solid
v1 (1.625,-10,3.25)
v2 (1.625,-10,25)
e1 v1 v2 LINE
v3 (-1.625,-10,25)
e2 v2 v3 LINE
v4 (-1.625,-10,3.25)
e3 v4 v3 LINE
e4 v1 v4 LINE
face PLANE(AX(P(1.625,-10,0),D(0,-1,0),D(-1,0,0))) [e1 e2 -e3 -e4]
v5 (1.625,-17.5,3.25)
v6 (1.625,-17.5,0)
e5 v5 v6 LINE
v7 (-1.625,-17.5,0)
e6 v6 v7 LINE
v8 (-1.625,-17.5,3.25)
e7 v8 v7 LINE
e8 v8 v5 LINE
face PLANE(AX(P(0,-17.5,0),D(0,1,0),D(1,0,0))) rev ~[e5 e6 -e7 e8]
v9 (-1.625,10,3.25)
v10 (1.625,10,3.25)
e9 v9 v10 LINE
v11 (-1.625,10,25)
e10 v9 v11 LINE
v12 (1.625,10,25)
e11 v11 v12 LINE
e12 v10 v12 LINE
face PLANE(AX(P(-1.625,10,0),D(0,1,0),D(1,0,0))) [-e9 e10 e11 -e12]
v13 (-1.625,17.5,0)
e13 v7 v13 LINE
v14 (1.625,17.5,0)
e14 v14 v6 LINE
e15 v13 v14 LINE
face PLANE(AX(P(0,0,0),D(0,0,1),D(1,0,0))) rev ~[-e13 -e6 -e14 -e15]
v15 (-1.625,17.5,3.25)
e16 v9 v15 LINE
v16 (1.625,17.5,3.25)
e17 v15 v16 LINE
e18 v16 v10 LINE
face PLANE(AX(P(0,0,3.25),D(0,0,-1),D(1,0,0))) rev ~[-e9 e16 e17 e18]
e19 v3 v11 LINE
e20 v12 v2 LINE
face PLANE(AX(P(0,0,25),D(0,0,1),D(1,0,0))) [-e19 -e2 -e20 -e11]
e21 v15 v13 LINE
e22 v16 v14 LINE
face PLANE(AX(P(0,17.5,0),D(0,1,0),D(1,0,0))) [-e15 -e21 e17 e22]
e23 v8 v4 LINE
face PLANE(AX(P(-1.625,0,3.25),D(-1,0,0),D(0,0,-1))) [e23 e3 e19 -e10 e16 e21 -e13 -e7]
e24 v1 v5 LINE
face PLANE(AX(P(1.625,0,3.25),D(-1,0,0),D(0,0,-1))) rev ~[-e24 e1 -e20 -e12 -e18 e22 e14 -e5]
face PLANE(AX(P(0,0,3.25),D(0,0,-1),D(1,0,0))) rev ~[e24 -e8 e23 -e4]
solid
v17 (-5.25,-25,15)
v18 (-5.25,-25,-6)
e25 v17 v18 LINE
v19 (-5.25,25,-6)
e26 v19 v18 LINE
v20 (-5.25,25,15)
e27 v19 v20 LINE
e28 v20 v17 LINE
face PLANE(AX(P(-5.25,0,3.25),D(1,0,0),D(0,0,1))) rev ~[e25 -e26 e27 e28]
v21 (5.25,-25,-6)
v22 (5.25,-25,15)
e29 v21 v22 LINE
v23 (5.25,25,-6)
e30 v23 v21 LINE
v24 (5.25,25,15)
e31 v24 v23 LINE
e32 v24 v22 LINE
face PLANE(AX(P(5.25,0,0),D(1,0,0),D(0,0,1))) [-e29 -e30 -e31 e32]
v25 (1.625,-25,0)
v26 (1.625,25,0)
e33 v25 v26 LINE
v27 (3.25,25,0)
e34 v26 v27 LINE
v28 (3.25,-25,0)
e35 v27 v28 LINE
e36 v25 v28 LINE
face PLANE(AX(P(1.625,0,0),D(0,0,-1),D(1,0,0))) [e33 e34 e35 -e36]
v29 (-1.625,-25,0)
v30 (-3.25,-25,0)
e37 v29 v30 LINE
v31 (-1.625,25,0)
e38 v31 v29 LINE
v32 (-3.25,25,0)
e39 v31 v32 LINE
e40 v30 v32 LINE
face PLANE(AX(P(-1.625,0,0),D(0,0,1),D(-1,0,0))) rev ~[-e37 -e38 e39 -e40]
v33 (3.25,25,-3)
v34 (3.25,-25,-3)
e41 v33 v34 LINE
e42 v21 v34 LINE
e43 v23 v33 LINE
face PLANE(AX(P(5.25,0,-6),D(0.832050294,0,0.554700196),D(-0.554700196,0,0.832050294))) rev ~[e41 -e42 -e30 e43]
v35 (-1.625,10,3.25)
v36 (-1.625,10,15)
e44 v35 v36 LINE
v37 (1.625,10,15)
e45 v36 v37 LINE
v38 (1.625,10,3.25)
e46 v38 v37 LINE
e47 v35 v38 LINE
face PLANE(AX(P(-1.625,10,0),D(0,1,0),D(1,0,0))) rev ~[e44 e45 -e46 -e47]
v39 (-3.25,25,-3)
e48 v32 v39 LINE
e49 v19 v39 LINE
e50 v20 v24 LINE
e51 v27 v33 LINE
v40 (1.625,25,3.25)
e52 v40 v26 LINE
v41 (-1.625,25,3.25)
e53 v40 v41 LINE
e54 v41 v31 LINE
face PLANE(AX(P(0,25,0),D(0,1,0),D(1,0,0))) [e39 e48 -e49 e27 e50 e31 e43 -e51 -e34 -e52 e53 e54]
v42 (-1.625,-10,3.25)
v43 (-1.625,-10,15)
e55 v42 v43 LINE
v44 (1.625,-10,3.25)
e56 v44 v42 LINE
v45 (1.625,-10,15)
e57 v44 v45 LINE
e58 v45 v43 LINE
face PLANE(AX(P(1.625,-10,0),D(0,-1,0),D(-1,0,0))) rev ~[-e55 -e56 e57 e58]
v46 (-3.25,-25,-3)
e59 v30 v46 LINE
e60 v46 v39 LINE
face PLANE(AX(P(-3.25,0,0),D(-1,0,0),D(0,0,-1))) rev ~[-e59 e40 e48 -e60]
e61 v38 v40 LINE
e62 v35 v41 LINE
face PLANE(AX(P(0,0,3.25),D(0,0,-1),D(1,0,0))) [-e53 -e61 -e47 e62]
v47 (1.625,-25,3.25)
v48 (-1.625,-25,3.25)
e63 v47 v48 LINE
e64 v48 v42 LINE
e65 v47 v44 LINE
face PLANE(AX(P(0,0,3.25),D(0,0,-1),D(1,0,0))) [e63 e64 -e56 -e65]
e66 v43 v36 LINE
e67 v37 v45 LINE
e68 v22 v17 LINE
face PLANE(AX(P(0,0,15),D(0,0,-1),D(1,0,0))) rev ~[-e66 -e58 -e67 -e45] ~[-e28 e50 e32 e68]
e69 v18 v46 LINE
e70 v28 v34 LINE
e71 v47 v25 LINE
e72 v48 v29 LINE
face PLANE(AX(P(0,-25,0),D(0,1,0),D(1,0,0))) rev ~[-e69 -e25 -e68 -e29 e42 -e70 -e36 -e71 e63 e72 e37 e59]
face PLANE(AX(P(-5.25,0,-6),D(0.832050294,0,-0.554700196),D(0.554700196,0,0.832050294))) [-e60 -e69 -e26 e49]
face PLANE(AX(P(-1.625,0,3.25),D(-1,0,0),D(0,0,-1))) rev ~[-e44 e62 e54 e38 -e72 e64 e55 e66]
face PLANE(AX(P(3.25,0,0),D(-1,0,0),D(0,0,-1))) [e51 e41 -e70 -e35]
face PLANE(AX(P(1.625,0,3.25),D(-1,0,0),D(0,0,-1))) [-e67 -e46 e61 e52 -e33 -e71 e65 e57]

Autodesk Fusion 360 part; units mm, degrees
sketch "Sketch1" plane through (0, 0, 0) normal (0, 1, 0) x (1, 0, 0) in component "Servo Actuator"
  line L0 (0, 0) -> (3.25, 0)
  line L1 (3.25, 0) -> (3.25, 3)
  line L2 (3.25, 0) -> (5.25, 0)
  line L3 (5.25, 0) -> (5.25, 6)
  line L4 (5.25, 6) -> (3.25, 3)
  line L5 (0, 0) -> (0, -3.25)
  line L6 (0, -3.25) -> (1.625, -3.25)
  line L7 (1.625, -3.25) -> (1.625, 0)
  line L8 (5.25, 0) -> (5.25, -3.25)
  line L9 (5.25, -3.25) -> (1.625, -3.25)
  line L10 (0, -3.25) -> (0, -5.75)
  line L11 (5.25, -3.25) -> (5.25, -5.75)
  line L12 (5.25, -5.75) -> (0, -5.75)
  line L13 (0, -5.75) -> (0, -35)
  line L14 (0, -35) -> (5.25, -35)
  line L15 (5.25, -35) -> (5.25, -5.75)
  line L16 (-5.25, 0) -> (-5.25, -3.25)
  line L17 (0, 0) -> (-3.25, 0)
  line L18 (-5.25, -5.75) -> (0, -5.75)
  line L19 (-5.25, -35) -> (-5.25, -5.75)
  line L20 (-5.25, -3.25) -> (-5.25, -5.75)
  line L21 (-1.625, -3.25) -> (-1.625, 0)
  line L22 (-5.25, 6) -> (-3.25, 3)
  line L23 (-5.25, 0) -> (-5.25, 6)
  line L24 (-3.25, 0) -> (-5.25, 0)
  line L25 (0, -35) -> (-5.25, -35)
  line L26 (0, -3.25) -> (-1.625, -3.25)
  line L27 (-3.25, 0) -> (-3.25, 3)
  line L28 (-5.25, -3.25) -> (-1.625, -3.25)
  dimension "d1" = 3.25
  dimension "d2" = 3
  dimension "d6" = 2
  dimension "d7" = 6
  dimension "d8" = 3.25
  dimension "d9" = 1.625
  dimension "d10" = 3.25
  dimension "d12" = 2.5
  dimension "d13" = 2.5
  dimension "d14" = 29.25
  dimension "d15" = 5.25
extrude "Extrude1" add sketch "Sketch1" along normal mid plane 50 contours L0 L2 L7 L8 L9 | L6 L9 L10 L11 L12 | L10 L18 L20 L26 L28 | L16 L17 L21 L24 L28 | L1 L2 L3 L4 | L12 L13 L14 L15 | L13 L18 L19 L25 | L22 L23 L24 L27 makes body 1 in component "Servo Actuator"
extrude "Extrude2" cut 1 faces at (-1.75, -8.3333, 35) along direction (0, 0, -1) blind 20 on bodies 1 bodies 1 in component "Servo Actuator"
extrude "Extrude3" add sketch "Sketch1" along normal mid plane 35 separate body contours L0 L5 L6 L7 | L5 L17 L21 L26 makes body 2 in component "Servo Actuator"
sketch "Sketch2" plane through (0, 0, 0) normal (0, 0, 1) x (1, 0, 0) in component "Servo Actuator"
  line L0 (1.625, -10) -> (-1.625, -10)
  line L1 (-1.625, -10) -> (-1.625, 10)
  line L2 (-1.625, 10) -> (1.625, 10)
  line L3 (1.625, 10) -> (1.625, -10)
  line L4 (1.625, -10) -> (-1.625, 10) construction
  line L5 (-1.625, -10) -> (1.625, 10) construction
  dimension "d30" = 3.25
  dimension "d31" = 20
extrude "Extrude4" add sketch "Sketch2" along normal blind 25 bodies 2 in component "Servo Actuator"
extrude "Extrude5" cut sketch "Sketch2" along normal blind 15 bodies 1 in component "Servo Actuator"
component "Servo Actuator" placed x (1, 0, 0) y (0, 1, 0) z (0, 0, 1) at (0, 0, 0)
equation "d9 = ( 3.25 / 2 ) * 1 mm"
equation "d25 = ( 35 / 2 ) * 1 mm"
